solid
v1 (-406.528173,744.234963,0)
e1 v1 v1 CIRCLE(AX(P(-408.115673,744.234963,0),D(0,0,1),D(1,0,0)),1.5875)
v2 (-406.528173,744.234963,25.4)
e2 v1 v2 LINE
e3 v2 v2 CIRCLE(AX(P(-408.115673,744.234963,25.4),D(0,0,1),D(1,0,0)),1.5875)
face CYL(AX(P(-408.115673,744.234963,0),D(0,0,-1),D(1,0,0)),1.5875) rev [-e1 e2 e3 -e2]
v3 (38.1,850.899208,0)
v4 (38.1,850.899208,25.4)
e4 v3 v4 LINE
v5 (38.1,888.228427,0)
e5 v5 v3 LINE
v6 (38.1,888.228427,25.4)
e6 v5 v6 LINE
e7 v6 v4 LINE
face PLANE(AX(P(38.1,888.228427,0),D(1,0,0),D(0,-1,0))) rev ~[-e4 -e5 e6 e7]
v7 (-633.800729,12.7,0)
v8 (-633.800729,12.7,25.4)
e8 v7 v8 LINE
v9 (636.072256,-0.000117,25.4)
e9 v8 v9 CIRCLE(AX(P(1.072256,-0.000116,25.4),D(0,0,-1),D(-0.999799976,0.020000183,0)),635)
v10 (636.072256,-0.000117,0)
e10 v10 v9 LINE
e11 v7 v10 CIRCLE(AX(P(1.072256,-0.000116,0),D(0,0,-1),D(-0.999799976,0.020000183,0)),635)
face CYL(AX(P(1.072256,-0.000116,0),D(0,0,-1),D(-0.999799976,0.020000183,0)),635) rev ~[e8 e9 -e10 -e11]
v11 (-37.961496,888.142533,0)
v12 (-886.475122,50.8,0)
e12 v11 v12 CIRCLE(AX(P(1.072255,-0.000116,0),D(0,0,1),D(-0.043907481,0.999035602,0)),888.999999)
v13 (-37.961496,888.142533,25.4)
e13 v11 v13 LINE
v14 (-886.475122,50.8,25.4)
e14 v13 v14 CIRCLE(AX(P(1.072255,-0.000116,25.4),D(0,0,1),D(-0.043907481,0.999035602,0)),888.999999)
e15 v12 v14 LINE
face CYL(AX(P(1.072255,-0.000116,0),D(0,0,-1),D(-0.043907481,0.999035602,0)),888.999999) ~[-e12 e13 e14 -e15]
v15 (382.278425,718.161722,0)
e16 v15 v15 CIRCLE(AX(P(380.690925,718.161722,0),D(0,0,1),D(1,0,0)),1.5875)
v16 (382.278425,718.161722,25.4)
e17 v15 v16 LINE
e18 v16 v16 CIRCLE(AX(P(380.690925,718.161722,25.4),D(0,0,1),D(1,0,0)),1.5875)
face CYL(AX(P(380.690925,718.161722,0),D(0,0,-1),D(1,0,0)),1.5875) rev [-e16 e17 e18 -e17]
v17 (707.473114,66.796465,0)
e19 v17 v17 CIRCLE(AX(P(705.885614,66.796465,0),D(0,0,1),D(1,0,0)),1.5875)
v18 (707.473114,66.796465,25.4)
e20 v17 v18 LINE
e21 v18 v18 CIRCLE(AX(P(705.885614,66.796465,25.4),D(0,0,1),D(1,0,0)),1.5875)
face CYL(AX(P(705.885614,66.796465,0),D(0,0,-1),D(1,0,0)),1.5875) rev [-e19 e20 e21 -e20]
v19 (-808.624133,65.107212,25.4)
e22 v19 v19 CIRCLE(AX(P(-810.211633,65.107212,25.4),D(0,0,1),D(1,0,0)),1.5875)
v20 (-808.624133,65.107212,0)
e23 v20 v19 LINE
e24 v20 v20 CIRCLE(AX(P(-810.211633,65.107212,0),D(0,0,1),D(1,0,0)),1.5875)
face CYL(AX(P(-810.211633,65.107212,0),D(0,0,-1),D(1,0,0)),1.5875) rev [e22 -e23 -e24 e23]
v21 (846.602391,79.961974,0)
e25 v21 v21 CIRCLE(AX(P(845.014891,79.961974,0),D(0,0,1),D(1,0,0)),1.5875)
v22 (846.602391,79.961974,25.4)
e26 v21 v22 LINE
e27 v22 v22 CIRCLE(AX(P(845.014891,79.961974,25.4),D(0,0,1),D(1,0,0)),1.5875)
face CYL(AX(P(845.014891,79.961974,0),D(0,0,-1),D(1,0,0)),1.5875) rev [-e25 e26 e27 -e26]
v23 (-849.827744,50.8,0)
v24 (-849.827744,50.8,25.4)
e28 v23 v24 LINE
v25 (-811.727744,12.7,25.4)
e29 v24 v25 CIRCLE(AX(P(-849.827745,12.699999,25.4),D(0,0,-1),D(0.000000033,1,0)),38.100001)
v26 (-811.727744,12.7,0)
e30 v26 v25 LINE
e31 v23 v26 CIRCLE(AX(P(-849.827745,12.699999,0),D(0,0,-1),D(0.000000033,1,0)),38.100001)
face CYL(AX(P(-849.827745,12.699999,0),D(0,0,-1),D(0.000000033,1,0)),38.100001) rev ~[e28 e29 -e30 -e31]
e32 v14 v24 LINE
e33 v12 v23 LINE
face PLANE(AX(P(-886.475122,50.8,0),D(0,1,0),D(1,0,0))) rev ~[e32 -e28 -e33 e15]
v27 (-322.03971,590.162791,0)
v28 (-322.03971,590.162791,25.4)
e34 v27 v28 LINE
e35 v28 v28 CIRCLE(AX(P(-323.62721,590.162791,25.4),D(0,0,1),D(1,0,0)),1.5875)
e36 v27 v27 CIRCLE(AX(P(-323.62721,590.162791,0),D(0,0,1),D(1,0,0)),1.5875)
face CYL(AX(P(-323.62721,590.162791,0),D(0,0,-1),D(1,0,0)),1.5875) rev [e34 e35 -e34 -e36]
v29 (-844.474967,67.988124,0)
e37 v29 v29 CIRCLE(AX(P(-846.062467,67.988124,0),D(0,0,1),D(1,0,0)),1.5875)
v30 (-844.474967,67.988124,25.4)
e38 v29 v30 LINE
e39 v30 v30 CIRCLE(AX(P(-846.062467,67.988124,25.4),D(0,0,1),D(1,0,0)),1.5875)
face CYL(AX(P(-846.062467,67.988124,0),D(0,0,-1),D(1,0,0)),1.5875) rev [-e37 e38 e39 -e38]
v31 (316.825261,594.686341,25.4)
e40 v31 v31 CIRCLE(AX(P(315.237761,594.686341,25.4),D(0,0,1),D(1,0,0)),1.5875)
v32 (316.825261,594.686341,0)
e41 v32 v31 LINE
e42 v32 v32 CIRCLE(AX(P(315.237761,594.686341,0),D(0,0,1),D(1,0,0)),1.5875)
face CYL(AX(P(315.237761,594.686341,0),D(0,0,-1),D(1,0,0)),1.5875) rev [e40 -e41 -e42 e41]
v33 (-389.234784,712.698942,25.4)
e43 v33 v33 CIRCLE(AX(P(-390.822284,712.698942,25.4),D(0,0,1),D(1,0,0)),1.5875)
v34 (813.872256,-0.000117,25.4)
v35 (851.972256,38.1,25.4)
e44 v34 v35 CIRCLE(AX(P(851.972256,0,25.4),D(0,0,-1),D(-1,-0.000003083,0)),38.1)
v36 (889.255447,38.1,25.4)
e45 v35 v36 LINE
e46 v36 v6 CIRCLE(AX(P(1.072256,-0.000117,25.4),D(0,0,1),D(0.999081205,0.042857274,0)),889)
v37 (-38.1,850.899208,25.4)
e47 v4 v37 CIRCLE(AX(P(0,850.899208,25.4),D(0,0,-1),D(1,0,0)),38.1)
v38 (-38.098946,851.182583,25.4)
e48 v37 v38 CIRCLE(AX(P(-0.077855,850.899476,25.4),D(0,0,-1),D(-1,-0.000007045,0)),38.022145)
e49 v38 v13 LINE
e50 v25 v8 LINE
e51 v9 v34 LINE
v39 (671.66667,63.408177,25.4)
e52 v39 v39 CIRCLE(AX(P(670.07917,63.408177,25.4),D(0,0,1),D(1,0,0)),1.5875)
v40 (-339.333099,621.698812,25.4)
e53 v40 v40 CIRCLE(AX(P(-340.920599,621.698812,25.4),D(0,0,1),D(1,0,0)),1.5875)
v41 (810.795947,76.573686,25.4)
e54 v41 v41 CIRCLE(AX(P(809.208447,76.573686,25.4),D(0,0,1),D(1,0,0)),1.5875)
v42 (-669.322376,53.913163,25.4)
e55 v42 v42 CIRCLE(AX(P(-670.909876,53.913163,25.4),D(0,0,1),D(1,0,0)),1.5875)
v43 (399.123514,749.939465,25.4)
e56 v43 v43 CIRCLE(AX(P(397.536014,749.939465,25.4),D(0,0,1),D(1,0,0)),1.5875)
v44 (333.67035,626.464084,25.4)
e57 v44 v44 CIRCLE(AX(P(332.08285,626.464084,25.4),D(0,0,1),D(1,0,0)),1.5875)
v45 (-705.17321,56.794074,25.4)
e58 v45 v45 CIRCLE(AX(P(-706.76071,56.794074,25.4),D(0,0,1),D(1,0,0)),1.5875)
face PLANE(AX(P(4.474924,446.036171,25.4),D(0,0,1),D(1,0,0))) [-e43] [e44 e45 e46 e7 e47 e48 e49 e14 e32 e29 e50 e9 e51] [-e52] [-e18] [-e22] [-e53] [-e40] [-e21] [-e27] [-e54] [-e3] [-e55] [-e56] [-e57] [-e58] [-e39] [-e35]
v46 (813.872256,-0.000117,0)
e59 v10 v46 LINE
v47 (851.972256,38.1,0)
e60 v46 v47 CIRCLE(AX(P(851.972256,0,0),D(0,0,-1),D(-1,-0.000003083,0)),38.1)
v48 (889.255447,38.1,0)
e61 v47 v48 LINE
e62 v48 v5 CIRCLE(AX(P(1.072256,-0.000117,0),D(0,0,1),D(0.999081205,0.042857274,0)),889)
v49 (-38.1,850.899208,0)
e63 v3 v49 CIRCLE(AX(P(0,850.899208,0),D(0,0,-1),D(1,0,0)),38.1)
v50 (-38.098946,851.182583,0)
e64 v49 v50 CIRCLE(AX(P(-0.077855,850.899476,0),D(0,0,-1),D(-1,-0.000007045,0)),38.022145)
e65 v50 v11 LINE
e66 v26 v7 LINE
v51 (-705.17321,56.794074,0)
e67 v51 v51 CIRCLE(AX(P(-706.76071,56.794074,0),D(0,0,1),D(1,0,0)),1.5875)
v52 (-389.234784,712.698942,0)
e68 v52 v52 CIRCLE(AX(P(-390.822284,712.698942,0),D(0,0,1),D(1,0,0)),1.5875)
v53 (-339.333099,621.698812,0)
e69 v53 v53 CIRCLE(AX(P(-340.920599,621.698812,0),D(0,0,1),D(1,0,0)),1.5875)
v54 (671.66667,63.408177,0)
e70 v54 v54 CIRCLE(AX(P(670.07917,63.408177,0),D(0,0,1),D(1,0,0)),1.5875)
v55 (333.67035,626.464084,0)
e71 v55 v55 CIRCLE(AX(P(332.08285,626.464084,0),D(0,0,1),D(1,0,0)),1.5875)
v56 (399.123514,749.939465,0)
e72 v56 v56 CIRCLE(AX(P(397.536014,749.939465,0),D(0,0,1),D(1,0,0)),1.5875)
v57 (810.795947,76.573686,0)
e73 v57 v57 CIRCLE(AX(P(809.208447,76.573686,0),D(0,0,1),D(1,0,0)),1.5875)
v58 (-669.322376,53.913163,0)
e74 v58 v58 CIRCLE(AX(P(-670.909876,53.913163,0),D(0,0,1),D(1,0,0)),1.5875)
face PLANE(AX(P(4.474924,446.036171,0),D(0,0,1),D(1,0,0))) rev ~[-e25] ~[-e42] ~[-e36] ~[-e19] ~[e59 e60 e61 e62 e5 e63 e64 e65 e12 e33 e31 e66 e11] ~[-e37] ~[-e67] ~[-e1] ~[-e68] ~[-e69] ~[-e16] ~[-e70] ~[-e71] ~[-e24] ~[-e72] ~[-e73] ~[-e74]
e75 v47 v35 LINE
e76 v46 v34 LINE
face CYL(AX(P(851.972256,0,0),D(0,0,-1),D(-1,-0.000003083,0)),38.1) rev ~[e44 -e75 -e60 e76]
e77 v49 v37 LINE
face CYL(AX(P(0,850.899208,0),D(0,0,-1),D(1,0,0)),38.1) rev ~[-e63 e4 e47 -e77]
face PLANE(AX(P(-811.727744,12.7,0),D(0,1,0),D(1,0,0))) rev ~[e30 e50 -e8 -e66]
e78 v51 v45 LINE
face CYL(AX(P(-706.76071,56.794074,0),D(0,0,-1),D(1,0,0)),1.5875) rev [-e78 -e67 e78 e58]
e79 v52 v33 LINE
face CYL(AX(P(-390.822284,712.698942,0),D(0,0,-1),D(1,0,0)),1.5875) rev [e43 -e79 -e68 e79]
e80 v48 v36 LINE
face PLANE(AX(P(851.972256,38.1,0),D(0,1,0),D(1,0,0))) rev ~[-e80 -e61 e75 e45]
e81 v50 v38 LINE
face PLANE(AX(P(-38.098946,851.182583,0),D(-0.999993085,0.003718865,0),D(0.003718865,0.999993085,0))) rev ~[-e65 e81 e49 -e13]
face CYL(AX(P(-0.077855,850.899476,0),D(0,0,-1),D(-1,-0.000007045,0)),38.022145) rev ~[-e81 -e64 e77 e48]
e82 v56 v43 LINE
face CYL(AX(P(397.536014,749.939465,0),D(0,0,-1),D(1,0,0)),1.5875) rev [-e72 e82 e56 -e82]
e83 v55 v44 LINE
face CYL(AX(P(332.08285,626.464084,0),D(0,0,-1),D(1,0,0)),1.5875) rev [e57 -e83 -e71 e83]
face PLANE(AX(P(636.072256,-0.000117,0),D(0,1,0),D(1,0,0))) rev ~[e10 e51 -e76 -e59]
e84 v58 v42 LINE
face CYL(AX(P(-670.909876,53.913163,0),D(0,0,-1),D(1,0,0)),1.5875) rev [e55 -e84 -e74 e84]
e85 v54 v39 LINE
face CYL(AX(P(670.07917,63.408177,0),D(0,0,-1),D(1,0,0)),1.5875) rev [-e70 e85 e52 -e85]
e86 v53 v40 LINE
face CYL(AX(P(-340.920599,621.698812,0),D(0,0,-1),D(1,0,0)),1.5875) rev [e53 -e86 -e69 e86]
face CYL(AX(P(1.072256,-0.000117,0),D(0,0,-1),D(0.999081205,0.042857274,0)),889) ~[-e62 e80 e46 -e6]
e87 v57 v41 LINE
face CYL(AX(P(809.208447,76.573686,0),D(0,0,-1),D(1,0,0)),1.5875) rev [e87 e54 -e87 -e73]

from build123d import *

# Parameters (mm, degrees)
F0_R     = 1.5875
F1_DEPTH = 25.4


with BuildPart() as f1:
    # F0 (on Top) → F1 (new body)
    with BuildSketch(Plane.XY):
        with BuildLine():
            Line((851.972256, 38.1), (889.255447, 38.1))
            ThreePointArc((889.255447, 38.1), (629.31059, 628.997177), (38.1, 888.228427))
            Line((38.1, 888.228427), (38.1, 850.899208))
            ThreePointArc((38.1, 850.899208), (0, 812.799208), (-38.1, 850.899208))
            ThreePointArc((-38.1, 850.899208), (-38.099737, 851.040896), (-38.098946, 851.182583))
            Line((-38.098946, 851.182583), (-37.961496, 888.142533))
            ThreePointArc((-37.961496, 888.142533), (-623.366514, 632.76937), (-886.475122, 50.8))
            Line((-886.475122, 50.8), (-849.827744, 50.8))
            ThreePointArc((-849.827744, 50.8), (-822.886976, 39.640768), (-811.727744, 12.7))
            Line((-811.727744, 12.7), (-633.800729, 12.7))
            ThreePointArc((-633.800729, 12.7), (7.422632, 634.968129), (636.072256, -0.000117))
            Line((636.072256, -0.000117), (813.872256, -0.000117))
            ThreePointArc((813.872256, -0.000117), (825.031446, 26.940727), (851.972256, 38.1))
        make_face()
        with Locations((-670.909876, 53.913163)):
            Circle(F0_R, mode=Mode.SUBTRACT)
        with Locations((-846.062467, 67.988124)):
            Circle(F0_R, mode=Mode.SUBTRACT)
        with Locations((-810.211633, 65.107212)):
            Circle(F0_R, mode=Mode.SUBTRACT)
        with Locations((-706.76071, 56.794074)):
            Circle(F0_R, mode=Mode.SUBTRACT)
        with Locations((670.07917, 63.408177)):
            Circle(F0_R, mode=Mode.SUBTRACT)
        with Locations((705.885614, 66.796465)):
            Circle(F0_R, mode=Mode.SUBTRACT)
        with Locations((809.208447, 76.573686)):
            Circle(F0_R, mode=Mode.SUBTRACT)
        with Locations((845.014891, 79.961974)):
            Circle(F0_R, mode=Mode.SUBTRACT)
        with Locations((-323.62721, 590.162791)):
            Circle(F0_R, mode=Mode.SUBTRACT)
        with Locations((-340.920599, 621.698812)):
            Circle(F0_R, mode=Mode.SUBTRACT)
        with Locations((-390.822284, 712.698942)):
            Circle(F0_R, mode=Mode.SUBTRACT)
        with Locations((-408.115673, 744.234963)):
            Circle(F0_R, mode=Mode.SUBTRACT)
        with Locations((315.237761, 594.686341)):
            Circle(F0_R, mode=Mode.SUBTRACT)
        with Locations((332.08285, 626.464084)):
            Circle(F0_R, mode=Mode.SUBTRACT)
        with Locations((380.690925, 718.161722)):
            Circle(F0_R, mode=Mode.SUBTRACT)
        with Locations((397.536014, 749.939465)):
            Circle(F0_R, mode=Mode.SUBTRACT)
    extrude(amount=F1_DEPTH)


solid = f1.part
